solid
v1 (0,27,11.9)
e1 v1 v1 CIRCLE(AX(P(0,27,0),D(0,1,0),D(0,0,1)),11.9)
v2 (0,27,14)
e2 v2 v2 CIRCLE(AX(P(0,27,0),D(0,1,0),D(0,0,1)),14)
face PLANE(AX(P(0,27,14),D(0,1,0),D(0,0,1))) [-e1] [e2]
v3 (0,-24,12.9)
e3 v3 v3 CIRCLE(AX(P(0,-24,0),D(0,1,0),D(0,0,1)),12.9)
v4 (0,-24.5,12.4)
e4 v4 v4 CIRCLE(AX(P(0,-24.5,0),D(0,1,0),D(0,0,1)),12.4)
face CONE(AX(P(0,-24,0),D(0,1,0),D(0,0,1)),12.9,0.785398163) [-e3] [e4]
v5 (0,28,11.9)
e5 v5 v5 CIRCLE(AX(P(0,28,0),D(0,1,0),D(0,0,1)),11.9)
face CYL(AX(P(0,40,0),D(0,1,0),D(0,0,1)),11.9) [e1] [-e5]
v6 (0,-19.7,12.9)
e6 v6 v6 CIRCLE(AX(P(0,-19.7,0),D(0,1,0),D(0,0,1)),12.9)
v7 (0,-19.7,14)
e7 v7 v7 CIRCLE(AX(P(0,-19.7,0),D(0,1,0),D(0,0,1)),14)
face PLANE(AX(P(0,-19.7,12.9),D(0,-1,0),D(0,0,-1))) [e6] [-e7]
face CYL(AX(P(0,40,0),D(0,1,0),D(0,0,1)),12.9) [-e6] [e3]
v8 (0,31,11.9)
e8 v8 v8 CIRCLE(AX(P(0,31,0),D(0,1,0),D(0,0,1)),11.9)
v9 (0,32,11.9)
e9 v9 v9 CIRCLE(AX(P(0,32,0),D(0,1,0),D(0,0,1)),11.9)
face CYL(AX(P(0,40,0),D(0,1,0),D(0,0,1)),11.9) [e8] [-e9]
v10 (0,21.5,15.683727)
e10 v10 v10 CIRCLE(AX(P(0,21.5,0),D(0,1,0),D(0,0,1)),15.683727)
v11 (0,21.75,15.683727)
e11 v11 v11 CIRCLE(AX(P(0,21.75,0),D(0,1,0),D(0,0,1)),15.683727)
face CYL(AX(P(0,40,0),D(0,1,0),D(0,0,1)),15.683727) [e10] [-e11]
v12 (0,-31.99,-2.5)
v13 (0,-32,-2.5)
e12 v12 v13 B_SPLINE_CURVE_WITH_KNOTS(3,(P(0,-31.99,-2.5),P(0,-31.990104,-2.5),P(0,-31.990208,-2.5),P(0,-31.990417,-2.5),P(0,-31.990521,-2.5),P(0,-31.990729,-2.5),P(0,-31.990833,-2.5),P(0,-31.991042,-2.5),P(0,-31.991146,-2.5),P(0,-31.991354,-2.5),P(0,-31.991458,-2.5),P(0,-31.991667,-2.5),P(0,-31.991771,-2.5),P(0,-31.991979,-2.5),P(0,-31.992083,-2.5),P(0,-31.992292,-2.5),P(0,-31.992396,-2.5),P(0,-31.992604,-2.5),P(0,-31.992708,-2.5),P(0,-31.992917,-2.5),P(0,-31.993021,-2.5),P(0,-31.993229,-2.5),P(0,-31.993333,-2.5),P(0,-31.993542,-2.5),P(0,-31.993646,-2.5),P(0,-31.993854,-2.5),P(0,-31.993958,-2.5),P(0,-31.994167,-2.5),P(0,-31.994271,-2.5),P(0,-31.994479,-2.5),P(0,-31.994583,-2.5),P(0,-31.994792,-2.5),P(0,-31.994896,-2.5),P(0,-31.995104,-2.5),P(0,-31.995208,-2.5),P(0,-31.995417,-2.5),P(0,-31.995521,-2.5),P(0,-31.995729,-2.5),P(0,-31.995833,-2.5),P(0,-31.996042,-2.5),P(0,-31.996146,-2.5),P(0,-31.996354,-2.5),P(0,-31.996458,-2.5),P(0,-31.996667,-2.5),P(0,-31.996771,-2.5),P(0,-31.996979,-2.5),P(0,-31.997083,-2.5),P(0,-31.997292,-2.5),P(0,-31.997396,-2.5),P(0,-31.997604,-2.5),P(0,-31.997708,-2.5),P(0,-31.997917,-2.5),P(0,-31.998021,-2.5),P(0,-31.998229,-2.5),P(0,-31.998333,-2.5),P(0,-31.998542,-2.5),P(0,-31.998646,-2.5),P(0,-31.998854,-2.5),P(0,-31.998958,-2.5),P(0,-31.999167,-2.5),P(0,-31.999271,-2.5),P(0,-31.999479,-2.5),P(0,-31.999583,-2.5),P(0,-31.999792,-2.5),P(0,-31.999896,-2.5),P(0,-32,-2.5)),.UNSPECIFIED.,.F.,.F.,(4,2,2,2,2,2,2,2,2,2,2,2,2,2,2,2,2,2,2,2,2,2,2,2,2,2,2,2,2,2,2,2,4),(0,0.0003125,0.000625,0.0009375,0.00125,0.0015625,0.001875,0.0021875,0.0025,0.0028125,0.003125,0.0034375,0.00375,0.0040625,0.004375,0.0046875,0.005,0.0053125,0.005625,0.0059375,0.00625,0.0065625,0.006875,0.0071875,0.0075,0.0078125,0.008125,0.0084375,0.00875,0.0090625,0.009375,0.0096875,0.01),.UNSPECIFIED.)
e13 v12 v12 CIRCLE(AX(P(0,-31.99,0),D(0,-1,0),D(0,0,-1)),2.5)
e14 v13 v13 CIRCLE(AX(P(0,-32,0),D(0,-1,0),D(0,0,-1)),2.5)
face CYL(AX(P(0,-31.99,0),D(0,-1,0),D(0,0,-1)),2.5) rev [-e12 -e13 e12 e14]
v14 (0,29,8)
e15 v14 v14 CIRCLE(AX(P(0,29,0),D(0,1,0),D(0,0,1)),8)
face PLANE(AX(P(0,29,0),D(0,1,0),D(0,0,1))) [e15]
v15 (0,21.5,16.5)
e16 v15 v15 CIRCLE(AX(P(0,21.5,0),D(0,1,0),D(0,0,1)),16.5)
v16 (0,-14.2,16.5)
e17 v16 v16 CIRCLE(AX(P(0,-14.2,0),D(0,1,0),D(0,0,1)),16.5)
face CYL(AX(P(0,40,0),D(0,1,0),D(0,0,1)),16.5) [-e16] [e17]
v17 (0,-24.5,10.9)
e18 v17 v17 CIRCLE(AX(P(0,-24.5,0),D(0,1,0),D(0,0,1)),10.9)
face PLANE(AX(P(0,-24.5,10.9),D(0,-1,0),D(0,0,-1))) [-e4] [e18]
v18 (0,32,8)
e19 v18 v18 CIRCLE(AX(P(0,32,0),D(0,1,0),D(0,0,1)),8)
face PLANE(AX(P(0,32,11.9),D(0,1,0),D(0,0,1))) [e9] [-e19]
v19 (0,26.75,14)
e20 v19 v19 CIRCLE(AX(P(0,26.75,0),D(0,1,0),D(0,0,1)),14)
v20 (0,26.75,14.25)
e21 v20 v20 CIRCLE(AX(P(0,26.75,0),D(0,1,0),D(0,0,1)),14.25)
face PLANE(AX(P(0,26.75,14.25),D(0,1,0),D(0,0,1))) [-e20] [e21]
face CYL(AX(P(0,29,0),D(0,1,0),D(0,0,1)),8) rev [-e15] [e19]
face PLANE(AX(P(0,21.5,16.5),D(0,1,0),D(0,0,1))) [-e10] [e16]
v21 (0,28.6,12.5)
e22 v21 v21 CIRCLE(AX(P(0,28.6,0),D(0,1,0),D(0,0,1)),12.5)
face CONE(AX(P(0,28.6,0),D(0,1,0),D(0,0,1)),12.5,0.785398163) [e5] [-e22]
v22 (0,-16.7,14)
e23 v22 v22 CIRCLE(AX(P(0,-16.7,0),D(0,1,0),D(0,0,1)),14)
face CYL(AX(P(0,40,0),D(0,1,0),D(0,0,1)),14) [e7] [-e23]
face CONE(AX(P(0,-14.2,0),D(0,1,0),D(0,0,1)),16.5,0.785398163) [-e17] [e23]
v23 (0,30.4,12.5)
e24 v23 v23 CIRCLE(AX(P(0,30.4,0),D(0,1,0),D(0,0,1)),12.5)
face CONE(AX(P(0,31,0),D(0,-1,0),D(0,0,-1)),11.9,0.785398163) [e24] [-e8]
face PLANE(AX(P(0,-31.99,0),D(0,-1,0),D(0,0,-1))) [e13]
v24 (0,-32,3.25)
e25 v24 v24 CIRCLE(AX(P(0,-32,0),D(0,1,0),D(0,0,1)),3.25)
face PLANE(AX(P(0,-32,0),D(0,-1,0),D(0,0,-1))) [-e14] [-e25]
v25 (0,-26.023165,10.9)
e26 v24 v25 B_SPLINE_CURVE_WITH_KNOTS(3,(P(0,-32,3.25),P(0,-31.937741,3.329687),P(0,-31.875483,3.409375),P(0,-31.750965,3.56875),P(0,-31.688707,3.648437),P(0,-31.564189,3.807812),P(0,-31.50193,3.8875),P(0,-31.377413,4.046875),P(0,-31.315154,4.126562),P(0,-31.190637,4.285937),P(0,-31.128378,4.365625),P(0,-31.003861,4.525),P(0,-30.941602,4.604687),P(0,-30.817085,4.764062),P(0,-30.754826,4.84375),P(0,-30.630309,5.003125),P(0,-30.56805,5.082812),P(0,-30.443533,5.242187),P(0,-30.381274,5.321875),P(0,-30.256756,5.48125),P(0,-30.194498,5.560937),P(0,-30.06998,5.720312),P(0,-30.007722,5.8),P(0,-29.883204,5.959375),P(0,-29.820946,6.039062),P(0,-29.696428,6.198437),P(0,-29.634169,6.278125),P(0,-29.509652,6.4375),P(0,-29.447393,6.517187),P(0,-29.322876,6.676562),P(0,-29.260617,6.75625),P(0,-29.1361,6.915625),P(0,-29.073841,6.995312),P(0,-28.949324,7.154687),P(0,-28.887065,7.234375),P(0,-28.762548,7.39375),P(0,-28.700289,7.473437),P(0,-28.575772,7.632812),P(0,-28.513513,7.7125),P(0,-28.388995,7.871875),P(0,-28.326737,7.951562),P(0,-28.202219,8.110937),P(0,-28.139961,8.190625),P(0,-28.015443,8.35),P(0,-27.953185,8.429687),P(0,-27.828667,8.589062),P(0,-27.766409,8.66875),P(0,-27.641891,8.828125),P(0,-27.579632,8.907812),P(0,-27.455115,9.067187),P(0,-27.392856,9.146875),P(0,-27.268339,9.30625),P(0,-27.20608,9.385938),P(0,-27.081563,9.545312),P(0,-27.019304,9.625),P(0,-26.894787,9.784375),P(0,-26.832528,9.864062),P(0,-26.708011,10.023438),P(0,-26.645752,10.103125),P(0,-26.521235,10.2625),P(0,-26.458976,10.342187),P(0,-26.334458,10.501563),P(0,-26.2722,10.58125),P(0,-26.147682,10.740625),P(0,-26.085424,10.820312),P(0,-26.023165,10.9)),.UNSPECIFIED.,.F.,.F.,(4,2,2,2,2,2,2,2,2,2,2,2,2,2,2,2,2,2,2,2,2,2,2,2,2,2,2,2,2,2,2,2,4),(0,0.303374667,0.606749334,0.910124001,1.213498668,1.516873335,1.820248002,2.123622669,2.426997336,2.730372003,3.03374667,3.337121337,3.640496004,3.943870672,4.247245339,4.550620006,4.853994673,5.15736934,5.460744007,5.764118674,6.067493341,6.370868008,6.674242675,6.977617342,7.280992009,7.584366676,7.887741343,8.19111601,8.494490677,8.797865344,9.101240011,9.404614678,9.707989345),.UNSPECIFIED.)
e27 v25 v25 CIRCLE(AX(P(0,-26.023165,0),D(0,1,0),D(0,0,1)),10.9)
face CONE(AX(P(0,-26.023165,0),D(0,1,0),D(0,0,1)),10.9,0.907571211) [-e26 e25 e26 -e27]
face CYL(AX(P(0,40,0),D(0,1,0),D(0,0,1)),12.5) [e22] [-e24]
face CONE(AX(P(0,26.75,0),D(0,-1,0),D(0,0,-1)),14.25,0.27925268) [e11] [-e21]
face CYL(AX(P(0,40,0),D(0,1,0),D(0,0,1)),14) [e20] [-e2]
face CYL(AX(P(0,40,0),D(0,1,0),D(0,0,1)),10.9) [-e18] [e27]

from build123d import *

# Parameters (mm, degrees)
SKETCH2_R          = 8
CUT_EXTRUDE1_DEPTH = 3
SKETCH3_R          = 2.5
CUT_EXTRUDE2_DEPTH = 0.01


with BuildPart() as part:
    # Sketch1 → Revolve1 (revolve)
    with BuildSketch(Plane(origin=(0, 0, 0), x_dir=(0, 0, -1), z_dir=(1, 0, 0))):
        Polygon((0, 32), (0, -32), (-3.25, -32), (-10.9, -26.023164957), (-10.9, -24.5), (-12.4, -24.5), (-12.9, -24), (-12.9, -19.7), (-14, -19.7), (-14, -16.7), (-16.5, -14.2), (-16.5, 21.5), (-15.683726929, 21.5), (-15.683726929, 21.75), (-14.25, 26.75), (-14, 26.75), (-14, 27), (-11.9, 27), (-11.9, 28), (-12.5, 28.6), (-12.5, 30.4), (-11.9, 31), (-11.9, 32), align=None)
    revolve(axis=Axis((0, 40, 0), (0, -1, 0)))

    # Sketch2 → Cut-Extrude1 (cut)
    with BuildSketch(Plane(origin=(0, 32, 0), x_dir=(1, 0, 0), z_dir=(0, 1, 0))):
        Circle(SKETCH2_R)
    extrude(amount=-CUT_EXTRUDE1_DEPTH, mode=Mode.SUBTRACT)

    # Sketch3 → Cut-Extrude2 (cut)
    with BuildSketch(Plane(origin=(0, -32, 0), x_dir=(-1, 0, 0), z_dir=(0, -1, 0))):
        Circle(SKETCH3_R)
    extrude(amount=-CUT_EXTRUDE2_DEPTH, mode=Mode.SUBTRACT)


solid = part.part
